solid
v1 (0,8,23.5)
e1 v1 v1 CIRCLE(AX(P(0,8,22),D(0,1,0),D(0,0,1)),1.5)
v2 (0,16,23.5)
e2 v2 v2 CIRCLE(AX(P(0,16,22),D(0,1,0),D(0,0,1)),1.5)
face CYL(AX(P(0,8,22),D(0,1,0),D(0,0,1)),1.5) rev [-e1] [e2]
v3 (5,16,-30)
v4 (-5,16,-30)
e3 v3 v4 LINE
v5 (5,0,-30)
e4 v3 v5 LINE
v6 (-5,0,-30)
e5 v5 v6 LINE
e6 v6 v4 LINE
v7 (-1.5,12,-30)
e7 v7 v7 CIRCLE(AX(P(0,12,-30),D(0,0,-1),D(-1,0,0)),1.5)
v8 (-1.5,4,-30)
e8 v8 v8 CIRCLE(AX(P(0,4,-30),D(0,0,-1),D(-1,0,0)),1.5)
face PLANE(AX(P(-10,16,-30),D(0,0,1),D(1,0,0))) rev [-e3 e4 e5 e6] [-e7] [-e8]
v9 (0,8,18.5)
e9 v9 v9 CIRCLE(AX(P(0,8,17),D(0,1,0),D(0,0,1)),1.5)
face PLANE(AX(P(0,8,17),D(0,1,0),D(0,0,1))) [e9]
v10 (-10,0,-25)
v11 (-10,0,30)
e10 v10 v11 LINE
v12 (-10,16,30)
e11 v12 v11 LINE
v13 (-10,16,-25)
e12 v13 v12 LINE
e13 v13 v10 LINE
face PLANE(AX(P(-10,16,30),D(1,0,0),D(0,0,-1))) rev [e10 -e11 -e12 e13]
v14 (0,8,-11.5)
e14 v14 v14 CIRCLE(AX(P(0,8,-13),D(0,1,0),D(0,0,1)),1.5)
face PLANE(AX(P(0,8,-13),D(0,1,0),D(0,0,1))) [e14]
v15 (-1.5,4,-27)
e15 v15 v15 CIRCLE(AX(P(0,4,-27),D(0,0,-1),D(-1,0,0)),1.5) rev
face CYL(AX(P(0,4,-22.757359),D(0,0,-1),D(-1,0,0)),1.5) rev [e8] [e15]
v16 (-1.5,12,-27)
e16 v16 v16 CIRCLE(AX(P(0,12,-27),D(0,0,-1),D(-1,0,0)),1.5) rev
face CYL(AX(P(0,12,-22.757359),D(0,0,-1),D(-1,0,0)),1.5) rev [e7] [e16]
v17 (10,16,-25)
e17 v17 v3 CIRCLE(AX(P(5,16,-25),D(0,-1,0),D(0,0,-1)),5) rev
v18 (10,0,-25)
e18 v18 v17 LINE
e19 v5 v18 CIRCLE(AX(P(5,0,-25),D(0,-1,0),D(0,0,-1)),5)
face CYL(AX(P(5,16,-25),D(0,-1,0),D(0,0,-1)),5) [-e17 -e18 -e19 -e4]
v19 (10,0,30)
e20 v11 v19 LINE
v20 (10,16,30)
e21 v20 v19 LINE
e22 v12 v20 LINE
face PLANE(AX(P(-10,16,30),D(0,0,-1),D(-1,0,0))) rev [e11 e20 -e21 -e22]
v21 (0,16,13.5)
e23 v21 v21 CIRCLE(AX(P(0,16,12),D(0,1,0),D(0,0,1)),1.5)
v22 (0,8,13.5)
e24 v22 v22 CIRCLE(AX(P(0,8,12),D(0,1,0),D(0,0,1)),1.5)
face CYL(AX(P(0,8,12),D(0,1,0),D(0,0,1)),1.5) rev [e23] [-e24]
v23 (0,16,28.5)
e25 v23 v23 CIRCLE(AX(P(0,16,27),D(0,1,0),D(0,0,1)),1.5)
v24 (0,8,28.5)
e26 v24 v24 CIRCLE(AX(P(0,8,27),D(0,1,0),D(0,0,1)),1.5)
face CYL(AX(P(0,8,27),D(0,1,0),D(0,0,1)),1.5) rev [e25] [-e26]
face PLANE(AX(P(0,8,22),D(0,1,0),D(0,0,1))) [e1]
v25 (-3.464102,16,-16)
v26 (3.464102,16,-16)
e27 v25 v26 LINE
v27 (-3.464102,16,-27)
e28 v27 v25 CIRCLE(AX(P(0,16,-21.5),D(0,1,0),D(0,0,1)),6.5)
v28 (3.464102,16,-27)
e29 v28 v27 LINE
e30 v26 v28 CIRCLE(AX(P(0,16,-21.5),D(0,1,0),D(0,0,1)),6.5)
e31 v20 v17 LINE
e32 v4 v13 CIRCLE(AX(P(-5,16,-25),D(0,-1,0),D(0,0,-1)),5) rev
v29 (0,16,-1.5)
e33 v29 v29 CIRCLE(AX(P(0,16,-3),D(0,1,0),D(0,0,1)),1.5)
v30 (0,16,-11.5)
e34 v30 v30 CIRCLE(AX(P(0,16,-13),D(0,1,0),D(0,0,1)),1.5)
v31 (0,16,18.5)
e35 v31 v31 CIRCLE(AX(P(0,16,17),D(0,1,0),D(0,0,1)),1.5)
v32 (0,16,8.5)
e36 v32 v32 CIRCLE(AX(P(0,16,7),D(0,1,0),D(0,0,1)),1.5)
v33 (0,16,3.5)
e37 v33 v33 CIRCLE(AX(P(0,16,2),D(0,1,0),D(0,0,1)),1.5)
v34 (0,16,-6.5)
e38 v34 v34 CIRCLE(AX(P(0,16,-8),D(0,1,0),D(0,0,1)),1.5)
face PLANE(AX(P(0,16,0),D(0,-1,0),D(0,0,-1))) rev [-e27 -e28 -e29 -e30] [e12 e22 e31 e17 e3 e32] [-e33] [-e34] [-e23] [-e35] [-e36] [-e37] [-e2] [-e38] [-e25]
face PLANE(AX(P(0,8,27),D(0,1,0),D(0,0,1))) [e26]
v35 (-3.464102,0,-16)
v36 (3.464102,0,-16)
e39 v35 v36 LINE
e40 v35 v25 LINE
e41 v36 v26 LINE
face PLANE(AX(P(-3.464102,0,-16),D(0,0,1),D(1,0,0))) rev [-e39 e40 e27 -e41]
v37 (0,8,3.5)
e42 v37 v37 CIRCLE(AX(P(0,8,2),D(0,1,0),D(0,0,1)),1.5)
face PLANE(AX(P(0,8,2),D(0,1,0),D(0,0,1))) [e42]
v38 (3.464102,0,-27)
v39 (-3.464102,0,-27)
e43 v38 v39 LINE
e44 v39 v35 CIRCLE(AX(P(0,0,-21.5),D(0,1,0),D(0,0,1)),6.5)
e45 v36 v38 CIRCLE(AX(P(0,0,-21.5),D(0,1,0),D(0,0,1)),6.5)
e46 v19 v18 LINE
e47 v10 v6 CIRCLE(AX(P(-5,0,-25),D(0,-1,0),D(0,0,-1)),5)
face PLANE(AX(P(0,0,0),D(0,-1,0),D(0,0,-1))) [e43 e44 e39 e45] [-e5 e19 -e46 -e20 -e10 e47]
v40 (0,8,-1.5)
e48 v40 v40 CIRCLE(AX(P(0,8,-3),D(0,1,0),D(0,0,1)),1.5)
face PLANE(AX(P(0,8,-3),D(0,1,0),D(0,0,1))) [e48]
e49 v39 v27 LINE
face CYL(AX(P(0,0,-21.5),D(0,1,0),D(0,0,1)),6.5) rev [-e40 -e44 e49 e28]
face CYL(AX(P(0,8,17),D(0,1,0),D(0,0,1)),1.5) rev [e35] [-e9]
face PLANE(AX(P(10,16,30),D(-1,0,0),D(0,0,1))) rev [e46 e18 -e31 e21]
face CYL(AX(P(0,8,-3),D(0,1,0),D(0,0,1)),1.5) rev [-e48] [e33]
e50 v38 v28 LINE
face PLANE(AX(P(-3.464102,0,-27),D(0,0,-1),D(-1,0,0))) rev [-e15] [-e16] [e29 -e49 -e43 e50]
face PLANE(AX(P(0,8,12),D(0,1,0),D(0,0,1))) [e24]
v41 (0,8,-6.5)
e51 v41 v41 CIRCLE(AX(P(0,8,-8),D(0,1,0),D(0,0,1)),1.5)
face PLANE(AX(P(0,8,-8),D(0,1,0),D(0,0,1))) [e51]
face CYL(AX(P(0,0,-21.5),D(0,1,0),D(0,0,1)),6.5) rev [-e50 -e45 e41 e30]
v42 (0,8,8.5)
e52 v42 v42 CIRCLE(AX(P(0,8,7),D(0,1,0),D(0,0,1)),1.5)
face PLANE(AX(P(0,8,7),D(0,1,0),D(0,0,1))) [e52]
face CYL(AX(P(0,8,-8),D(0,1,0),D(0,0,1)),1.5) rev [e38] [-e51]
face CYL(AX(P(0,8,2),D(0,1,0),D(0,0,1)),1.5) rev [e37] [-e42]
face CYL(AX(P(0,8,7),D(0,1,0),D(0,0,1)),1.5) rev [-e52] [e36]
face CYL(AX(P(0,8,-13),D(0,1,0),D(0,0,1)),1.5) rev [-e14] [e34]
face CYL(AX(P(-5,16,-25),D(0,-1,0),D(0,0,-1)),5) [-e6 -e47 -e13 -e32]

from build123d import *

# Parameters (mm, degrees)
CROQUIS1_W              = 20
CROQUIS1_H              = 60
SALIENTE_EXTRUIR1_DEPTH = 16
CORTAR_EXTRUIR1_DEPTH   = 36.440090293
CROQUIS3_R              = 1.5
CORTAR_EXTRUIR2_DEPTH   = 3
CROQUIS4_R              = 1.5
CORTAR_EXTRUIR3_DEPTH   = 8
REDONDEO1_R             = 5


with BuildPart() as part:
    # Croquis1 → Saliente-Extruir1 (new body)
    with BuildSketch(Plane(origin=(0, 0, 0), x_dir=(1, 0, 0), z_dir=(0, 1, 0))):
        Rectangle(CROQUIS1_W, CROQUIS1_H)
    extrude(amount=SALIENTE_EXTRUIR1_DEPTH)

    # Croquis2 → Cortar-Extruir1 (cut, through all)
    with BuildSketch(Plane(origin=(0, 16, 0), x_dir=(1, 0, 0), z_dir=(0, 1, 0))):
        with BuildLine():
            Line((-3.464101615, 27), (3.464101615, 27))
            ThreePointArc((3.464101615, 27), (6.5, 21.5), (3.464101615, 16))
            Line((3.464101615, 16), (-3.464101615, 16))
            ThreePointArc((-3.464101615, 16), (-6.5, 21.5), (-3.464101615, 27))
        make_face()
    extrude(amount=-CORTAR_EXTRUIR1_DEPTH, mode=Mode.SUBTRACT)

    # Croquis3 → Cortar-Extruir2 (cut)
    with BuildSketch(Plane(origin=(0, 0, -30), x_dir=(-1, 0, 0), z_dir=(0, 0, -1))):
        with Locations((0, 12)):
            Circle(CROQUIS3_R)
        with Locations((0, 4)):
            Circle(CROQUIS3_R)
    extrude(amount=-CORTAR_EXTRUIR2_DEPTH, mode=Mode.SUBTRACT)

    # Croquis4 → Cortar-Extruir3 (cut)
    with BuildSketch(Plane(origin=(0, 16, 0), x_dir=(1, 0, 0), z_dir=(0, 1, 0))):
        with Locations(Location((0, 13, 0), (0, 0, 270))):
            Circle(CROQUIS4_R)
        with Locations(Location((0, 8, 0), (0, 0, 270))):
            Circle(CROQUIS4_R)
        with Locations(Location((0, 3, 0), (0, 0, 270))):
            Circle(CROQUIS4_R)
        with Locations(Location((0, -2, 0), (0, 0, 270))):
            Circle(CROQUIS4_R)
        with Locations(Location((0, -7, 0), (0, 0, 270))):
            Circle(CROQUIS4_R)
        with Locations(Location((0, -12, 0), (0, 0, 270))):
            Circle(CROQUIS4_R)
        with Locations(Location((0, -17, 0), (0, 0, 270))):
            Circle(CROQUIS4_R)
        with Locations(Location((0, -22, 0), (0, 0, 270))):
            Circle(CROQUIS4_R)
        with Locations(Location((0, -27, 0), (0, 0, 270))):
            Circle(CROQUIS4_R)
    extrude(amount=-CORTAR_EXTRUIR3_DEPTH, mode=Mode.SUBTRACT)

    # Redondeo1
    redondeo1_edges = [part.edges().sort_by_distance(p)[0] for p in [
        (-10, 8, -30),
        (10, 8, -30),
    ]]
    fillet(redondeo1_edges, radius=REDONDEO1_R)


solid = part.part
